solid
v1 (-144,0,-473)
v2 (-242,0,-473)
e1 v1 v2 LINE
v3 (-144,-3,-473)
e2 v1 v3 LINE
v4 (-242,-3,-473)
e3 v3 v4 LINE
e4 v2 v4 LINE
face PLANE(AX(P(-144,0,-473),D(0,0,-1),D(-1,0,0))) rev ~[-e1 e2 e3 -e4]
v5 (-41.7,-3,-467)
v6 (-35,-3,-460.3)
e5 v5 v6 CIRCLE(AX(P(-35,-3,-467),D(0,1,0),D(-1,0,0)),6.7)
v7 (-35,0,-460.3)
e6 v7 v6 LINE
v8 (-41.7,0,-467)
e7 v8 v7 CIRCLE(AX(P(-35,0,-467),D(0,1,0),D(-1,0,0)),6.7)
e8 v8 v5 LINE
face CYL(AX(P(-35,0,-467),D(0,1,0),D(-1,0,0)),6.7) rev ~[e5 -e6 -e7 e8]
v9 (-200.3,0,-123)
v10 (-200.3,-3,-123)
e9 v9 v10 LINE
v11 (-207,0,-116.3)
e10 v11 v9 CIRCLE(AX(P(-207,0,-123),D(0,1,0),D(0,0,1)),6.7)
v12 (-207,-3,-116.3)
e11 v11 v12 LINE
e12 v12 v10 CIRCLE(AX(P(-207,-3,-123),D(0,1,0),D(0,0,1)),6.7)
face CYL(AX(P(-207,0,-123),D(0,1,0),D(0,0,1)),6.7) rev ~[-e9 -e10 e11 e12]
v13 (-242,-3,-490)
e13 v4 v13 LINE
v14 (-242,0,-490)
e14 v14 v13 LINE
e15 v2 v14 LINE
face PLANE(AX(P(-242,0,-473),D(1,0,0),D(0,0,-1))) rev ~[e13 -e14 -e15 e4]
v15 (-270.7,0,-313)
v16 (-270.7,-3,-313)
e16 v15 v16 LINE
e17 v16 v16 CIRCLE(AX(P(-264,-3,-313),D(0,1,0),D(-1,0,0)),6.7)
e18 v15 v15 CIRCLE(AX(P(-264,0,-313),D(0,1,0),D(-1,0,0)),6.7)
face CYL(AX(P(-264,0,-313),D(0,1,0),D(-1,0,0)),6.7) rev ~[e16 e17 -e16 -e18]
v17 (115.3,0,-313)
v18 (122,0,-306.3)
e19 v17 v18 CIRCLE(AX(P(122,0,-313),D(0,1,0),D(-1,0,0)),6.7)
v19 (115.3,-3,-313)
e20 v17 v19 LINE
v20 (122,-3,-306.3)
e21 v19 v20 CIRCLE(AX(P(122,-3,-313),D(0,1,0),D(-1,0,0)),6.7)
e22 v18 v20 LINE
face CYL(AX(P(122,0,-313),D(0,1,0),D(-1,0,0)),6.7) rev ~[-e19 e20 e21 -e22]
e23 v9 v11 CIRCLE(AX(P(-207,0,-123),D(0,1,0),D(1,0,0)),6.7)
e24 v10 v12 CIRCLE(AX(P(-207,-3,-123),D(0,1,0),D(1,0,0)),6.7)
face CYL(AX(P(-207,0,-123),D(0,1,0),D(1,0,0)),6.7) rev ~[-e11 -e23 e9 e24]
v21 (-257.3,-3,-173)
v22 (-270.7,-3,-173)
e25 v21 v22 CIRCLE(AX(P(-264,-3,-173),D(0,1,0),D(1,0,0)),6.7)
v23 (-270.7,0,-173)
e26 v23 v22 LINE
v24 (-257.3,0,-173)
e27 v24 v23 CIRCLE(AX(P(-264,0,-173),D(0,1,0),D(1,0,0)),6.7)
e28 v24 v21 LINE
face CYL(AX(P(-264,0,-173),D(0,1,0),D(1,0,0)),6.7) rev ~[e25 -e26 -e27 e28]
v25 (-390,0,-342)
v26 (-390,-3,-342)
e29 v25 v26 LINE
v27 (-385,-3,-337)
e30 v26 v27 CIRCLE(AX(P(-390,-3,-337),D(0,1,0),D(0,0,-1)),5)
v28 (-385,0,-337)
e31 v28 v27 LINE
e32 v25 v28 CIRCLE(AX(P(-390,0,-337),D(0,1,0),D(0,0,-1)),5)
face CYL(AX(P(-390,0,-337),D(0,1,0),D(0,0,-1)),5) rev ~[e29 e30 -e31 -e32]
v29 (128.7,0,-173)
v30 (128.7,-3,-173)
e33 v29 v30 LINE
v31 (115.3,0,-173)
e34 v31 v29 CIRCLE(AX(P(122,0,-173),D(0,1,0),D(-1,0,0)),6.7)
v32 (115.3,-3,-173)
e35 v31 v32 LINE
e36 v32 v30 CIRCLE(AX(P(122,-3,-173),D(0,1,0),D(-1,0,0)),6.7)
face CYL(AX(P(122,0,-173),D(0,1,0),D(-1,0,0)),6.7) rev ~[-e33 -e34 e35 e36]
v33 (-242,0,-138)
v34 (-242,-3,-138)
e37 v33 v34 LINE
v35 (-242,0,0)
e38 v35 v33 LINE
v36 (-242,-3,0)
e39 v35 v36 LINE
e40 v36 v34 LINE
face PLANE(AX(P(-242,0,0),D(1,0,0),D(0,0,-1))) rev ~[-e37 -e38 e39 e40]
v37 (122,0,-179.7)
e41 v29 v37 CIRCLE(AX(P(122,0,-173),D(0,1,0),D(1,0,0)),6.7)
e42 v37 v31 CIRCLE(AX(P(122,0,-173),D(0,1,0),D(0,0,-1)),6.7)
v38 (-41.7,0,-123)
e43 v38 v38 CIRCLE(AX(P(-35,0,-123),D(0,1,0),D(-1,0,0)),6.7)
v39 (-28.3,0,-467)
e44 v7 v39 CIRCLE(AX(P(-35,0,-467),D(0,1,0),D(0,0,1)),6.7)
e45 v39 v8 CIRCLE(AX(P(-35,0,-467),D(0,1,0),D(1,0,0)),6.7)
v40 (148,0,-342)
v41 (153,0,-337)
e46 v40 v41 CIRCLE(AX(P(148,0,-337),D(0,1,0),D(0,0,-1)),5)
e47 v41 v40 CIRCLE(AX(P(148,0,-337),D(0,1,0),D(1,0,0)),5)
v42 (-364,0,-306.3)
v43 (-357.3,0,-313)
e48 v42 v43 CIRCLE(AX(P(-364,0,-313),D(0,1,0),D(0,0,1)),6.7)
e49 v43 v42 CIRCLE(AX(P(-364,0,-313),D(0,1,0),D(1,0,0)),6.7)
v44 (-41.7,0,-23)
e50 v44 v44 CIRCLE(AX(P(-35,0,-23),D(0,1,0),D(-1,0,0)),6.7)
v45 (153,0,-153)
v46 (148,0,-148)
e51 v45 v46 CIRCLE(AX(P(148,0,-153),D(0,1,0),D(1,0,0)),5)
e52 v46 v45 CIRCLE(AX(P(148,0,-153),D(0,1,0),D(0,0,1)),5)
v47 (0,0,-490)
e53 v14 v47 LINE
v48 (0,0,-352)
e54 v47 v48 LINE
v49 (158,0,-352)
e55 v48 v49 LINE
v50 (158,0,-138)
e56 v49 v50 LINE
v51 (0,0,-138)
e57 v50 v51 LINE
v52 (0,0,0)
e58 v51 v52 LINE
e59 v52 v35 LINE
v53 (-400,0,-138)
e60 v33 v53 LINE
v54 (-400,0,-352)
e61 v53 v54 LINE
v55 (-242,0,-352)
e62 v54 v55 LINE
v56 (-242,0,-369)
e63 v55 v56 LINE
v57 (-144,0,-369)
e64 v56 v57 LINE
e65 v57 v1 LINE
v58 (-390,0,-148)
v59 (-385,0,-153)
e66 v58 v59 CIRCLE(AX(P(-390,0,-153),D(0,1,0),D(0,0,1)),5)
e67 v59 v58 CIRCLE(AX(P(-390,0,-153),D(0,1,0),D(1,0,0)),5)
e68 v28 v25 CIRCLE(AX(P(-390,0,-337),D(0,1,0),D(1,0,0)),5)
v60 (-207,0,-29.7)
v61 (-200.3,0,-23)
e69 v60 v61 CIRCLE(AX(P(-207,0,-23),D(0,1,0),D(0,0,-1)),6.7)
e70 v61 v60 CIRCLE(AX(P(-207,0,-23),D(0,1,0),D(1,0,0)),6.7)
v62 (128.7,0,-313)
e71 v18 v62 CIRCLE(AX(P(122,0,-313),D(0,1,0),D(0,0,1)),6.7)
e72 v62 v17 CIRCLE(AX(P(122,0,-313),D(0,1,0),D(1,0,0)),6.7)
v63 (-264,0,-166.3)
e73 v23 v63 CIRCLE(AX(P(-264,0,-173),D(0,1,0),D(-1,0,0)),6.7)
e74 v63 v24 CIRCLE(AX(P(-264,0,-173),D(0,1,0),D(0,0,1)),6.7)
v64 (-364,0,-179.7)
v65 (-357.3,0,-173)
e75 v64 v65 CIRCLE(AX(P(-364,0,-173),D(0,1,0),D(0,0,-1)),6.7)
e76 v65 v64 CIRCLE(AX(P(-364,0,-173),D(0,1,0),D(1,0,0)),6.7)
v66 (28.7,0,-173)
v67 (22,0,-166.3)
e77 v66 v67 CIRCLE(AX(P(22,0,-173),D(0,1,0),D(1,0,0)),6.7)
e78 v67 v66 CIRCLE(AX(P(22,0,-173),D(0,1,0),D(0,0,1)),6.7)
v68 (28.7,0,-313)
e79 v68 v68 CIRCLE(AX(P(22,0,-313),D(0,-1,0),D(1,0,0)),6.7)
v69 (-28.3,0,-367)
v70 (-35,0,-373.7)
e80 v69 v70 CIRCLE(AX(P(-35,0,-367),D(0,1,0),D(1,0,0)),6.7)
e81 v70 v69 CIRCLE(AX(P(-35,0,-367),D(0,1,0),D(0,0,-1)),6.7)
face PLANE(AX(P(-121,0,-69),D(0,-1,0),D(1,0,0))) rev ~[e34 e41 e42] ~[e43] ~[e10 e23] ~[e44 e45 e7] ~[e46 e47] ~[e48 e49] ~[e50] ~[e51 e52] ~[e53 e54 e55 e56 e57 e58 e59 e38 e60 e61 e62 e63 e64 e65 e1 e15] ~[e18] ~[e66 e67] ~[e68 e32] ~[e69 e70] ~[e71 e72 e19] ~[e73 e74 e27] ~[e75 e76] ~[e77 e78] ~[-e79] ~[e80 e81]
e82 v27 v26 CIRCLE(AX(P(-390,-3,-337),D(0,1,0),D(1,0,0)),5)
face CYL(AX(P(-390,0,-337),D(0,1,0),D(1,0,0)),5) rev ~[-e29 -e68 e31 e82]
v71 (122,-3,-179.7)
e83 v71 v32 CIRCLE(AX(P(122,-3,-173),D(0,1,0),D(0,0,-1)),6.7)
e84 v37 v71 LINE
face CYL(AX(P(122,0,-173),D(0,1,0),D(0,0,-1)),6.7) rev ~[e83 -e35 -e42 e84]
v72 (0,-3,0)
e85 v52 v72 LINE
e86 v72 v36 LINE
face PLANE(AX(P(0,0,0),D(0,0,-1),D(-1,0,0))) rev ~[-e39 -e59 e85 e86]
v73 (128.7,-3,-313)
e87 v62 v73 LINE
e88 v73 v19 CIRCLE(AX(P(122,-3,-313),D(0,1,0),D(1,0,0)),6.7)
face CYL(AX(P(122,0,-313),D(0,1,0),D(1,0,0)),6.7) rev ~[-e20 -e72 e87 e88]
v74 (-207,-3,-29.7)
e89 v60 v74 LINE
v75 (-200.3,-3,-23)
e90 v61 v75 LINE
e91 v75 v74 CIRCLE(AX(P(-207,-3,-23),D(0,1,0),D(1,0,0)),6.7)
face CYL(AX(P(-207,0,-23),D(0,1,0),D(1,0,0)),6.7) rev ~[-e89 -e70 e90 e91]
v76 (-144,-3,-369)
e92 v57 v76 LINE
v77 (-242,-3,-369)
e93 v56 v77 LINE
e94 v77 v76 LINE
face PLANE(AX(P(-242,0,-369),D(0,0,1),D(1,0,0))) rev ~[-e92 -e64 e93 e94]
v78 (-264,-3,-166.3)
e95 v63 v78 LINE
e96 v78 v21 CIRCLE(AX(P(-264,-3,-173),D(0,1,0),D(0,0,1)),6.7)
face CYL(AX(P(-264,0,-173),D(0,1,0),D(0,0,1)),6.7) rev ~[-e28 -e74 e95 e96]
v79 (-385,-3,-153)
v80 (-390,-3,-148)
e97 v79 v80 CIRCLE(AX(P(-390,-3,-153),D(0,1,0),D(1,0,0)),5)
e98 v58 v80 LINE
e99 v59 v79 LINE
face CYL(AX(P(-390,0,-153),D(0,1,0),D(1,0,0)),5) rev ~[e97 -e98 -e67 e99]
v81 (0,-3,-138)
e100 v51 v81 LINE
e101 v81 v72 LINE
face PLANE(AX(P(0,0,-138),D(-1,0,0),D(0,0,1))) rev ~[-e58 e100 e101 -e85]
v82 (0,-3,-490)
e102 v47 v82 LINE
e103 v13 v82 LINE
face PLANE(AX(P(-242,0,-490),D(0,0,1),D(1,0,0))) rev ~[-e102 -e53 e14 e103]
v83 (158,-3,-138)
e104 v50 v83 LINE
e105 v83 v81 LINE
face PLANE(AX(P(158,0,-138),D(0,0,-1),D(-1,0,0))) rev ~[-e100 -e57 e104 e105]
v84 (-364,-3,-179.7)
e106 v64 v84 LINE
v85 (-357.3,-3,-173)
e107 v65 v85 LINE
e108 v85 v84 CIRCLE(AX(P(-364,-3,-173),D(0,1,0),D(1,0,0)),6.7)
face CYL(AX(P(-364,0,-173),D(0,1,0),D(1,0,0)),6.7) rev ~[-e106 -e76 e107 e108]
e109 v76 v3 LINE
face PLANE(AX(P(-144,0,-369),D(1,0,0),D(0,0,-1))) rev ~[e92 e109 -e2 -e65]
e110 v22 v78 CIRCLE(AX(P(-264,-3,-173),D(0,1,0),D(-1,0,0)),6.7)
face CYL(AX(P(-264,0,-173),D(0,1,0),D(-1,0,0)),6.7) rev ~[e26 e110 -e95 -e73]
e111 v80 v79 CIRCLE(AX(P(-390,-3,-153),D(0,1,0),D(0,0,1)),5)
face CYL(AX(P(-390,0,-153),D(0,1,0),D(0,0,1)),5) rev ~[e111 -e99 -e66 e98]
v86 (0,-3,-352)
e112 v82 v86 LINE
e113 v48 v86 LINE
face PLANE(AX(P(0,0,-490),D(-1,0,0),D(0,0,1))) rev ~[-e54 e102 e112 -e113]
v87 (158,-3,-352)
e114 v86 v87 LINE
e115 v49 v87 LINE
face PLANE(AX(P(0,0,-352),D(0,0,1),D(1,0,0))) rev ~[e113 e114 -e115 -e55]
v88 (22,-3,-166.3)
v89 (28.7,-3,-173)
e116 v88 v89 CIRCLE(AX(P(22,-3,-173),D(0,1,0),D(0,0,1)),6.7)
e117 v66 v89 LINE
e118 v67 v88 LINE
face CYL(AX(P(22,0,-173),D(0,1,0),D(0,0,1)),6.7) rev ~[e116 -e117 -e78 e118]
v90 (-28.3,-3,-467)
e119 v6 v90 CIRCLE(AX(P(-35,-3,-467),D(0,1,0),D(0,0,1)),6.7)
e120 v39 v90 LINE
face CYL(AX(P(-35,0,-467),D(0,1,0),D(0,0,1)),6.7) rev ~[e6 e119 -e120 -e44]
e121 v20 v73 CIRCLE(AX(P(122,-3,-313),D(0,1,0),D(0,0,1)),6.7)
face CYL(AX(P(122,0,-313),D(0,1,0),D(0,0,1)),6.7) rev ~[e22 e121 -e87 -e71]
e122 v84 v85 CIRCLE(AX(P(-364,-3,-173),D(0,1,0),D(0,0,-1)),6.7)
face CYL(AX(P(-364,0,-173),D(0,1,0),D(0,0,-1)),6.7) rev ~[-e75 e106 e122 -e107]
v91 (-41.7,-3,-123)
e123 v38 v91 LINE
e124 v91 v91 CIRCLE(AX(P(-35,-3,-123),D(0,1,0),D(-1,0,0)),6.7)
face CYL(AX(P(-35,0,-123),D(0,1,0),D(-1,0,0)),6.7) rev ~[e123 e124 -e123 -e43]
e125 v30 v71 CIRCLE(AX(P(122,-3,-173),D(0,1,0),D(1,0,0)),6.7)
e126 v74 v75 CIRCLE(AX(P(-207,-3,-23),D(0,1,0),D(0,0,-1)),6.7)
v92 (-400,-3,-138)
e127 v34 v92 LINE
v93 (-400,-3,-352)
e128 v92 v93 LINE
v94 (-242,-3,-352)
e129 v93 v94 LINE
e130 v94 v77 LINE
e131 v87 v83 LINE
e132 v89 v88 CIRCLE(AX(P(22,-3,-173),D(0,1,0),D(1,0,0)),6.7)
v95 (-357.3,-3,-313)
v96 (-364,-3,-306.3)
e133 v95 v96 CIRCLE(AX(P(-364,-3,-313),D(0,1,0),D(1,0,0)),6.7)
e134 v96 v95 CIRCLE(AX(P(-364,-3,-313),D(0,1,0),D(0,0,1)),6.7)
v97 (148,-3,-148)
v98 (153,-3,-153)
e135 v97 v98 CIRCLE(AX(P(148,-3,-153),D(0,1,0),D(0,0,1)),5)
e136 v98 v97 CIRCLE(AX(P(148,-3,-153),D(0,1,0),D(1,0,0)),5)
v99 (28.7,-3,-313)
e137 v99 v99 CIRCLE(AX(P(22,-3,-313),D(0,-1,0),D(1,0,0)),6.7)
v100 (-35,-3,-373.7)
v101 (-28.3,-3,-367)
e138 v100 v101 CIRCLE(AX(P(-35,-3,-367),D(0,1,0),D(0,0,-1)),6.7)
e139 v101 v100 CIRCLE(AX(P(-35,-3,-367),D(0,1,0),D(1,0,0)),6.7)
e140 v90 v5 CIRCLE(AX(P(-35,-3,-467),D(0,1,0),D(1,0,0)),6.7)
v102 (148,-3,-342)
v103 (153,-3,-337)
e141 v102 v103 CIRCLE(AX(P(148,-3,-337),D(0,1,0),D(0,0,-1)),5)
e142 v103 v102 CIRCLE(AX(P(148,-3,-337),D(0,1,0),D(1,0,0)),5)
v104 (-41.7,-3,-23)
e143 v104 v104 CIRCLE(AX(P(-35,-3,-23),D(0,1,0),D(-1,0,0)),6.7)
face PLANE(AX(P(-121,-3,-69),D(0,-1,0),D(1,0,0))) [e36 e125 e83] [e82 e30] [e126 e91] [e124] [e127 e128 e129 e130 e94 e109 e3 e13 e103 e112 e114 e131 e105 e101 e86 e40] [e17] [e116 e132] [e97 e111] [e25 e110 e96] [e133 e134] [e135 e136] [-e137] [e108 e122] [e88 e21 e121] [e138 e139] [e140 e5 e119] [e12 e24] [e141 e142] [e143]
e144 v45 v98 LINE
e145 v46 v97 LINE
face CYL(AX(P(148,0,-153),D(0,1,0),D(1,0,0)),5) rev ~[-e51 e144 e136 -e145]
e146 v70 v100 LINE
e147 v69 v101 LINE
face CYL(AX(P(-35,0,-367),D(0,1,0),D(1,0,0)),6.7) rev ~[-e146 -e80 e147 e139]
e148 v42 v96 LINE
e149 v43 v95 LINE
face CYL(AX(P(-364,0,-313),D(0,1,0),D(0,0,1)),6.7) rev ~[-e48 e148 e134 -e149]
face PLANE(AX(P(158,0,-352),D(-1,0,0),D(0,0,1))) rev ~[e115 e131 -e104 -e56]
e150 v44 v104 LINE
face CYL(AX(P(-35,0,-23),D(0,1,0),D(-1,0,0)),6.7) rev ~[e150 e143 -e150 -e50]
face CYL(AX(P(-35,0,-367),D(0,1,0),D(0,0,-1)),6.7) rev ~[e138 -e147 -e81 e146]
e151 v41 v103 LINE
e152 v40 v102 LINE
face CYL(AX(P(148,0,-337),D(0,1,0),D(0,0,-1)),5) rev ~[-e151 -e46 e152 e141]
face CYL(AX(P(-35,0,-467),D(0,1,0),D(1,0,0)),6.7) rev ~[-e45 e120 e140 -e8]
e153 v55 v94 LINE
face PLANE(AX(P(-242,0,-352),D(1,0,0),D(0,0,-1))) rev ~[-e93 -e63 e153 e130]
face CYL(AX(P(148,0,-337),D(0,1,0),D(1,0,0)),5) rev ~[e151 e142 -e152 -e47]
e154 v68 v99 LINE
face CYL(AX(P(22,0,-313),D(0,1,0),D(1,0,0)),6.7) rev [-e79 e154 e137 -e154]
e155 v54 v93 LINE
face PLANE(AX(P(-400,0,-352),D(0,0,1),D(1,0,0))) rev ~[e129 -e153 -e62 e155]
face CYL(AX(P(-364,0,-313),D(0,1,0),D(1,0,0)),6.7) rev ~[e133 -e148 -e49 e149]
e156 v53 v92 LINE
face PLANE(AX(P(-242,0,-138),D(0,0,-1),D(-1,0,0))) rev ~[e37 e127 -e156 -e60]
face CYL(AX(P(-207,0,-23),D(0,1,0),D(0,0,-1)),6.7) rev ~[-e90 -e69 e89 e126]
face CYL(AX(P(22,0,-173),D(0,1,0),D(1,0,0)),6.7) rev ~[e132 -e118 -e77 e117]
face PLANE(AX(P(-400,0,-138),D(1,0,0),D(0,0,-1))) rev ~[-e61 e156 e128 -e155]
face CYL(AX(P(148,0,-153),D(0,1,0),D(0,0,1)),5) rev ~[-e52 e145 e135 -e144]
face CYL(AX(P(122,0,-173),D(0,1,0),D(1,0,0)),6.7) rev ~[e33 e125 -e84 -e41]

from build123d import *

# Parameters (mm, degrees)
F0_W     = 242
F0_H     = 214
F0_R     = 6.7
F1_DEPTH = 3


with BuildPart() as f1:
    # F0 (on Front) → F1 (new body)
    with BuildSketch(Plane.XZ):
        Polygon((0, -138), (0, 0), (-121, 0), (-242, 0), (-242, -138), align=None)
        with BuildLine():
            ThreePointArc((-200.3, -123), (-211.7376154339, -127.7376154339), (-207, -116.3))
            ThreePointArc((-207, -116.3), (-202.2623845661, -118.2623845661), (-200.3, -123))
        make_face(mode=Mode.SUBTRACT)
        with BuildLine():
            ThreePointArc((-207, -29.7), (-211.7376154339, -18.2623845661), (-200.3, -23))
            ThreePointArc((-200.3, -23), (-202.2623845661, -27.7376154339), (-207, -29.7))
        make_face(mode=Mode.SUBTRACT)
        with BuildLine():
            ThreePointArc((-28.3, -123), (-35, -129.7), (-41.7, -123))
            ThreePointArc((-41.7, -123), (-35, -116.3), (-28.3, -123))
        make_face(mode=Mode.SUBTRACT)
        with BuildLine():
            ThreePointArc((-28.3, -23), (-35, -29.7), (-41.7, -23))
            ThreePointArc((-41.7, -23), (-35, -16.3), (-28.3, -23))
        make_face(mode=Mode.SUBTRACT)
        with Locations((-121, -245)):
            Rectangle(F0_W, F0_H)
        Polygon((22, -138), (0, -138), (0, -352), (138, -352), (138, -138), align=None)
        with Locations((22, -313)):
            Circle(F0_R, mode=Mode.SUBTRACT)
        with BuildLine():
            ThreePointArc((115.3, -313), (117.2623845661, -308.2623845661), (122, -306.3))
            ThreePointArc((122, -306.3), (126.7376154339, -308.2623845661), (128.7, -313))
            ThreePointArc((128.7, -313), (122, -319.7), (115.3, -313))
        make_face(mode=Mode.SUBTRACT)
        with BuildLine():
            ThreePointArc((28.7, -173), (17.2623845661, -177.7376154339), (22, -166.3))
            ThreePointArc((22, -166.3), (26.7376154339, -168.2623845661), (28.7, -173))
        make_face(mode=Mode.SUBTRACT)
        with BuildLine():
            ThreePointArc((122, -179.7), (117.2623845661, -177.7376154339), (115.3, -173))
            ThreePointArc((115.3, -173), (122, -166.3), (128.7, -173))
            ThreePointArc((128.7, -173), (126.7376154339, -177.7376154339), (122, -179.7))
        make_face(mode=Mode.SUBTRACT)
        Polygon((-242, -352), (-242, -138), (-264, -138), (-380, -138), (-380, -352), align=None)
        with BuildLine():
            ThreePointArc((-357.3, -313), (-368.7376154339, -317.7376154339), (-364, -306.3))
            ThreePointArc((-364, -306.3), (-359.2623845661, -308.2623845661), (-357.3, -313))
        make_face(mode=Mode.SUBTRACT)
        with BuildLine():
            ThreePointArc((-257.3, -313), (-264, -319.7), (-270.7, -313))
            ThreePointArc((-270.7, -313), (-264, -306.3), (-257.3, -313))
        make_face(mode=Mode.SUBTRACT)
        with BuildLine():
            ThreePointArc((-364, -179.7), (-368.7376154339, -168.2623845661), (-357.3, -173))
            ThreePointArc((-357.3, -173), (-359.2623845661, -177.7376154339), (-364, -179.7))
        make_face(mode=Mode.SUBTRACT)
        with BuildLine():
            ThreePointArc((-270.7, -173), (-268.7376154339, -168.2623845661), (-264, -166.3))
            ThreePointArc((-264, -166.3), (-259.2623845661, -168.2623845661), (-257.3, -173))
            ThreePointArc((-257.3, -173), (-264, -179.7), (-270.7, -173))
        make_face(mode=Mode.SUBTRACT)
        Polygon((0, -490), (0, -352), (-242, -352), (-242, -369), (-144, -369), (-144, -473), (-242, -473), (-242, -490), (-144, -490), (-121, -490), align=None)
        with BuildLine():
            ThreePointArc((-28.3, -467), (-35, -473.7), (-41.7, -467))
            ThreePointArc((-41.7, -467), (-39.7376154339, -462.2623845661), (-35, -460.3))
            ThreePointArc((-35, -460.3), (-30.2623845661, -462.2623845661), (-28.3, -467))
        make_face(mode=Mode.SUBTRACT)
        with BuildLine():
            ThreePointArc((-28.3, -367), (-30.2623845661, -371.7376154339), (-35, -373.7))
            ThreePointArc((-35, -373.7), (-39.7376154339, -362.2623845661), (-28.3, -367))
        make_face(mode=Mode.SUBTRACT)
        Polygon((138, -138), (138, -352), (148, -352), (158, -352), (158, -138), (148, -138), align=None)
        with BuildLine():
            ThreePointArc((153, -337), (151.5355339059, -340.5355339059), (148, -342))
            ThreePointArc((148, -342), (144.4644660941, -333.4644660941), (153, -337))
        make_face(mode=Mode.SUBTRACT)
        with BuildLine():
            ThreePointArc((153, -153), (144.4644660941, -156.5355339059), (148, -148))
            ThreePointArc((148, -148), (151.5355339059, -149.4644660941), (153, -153))
        make_face(mode=Mode.SUBTRACT)
        Polygon((-390, -352), (-380, -352), (-380, -138), (-390, -138), (-400, -138), (-400, -352), align=None)
        with BuildLine():
            ThreePointArc((-385, -337), (-386.4644660941, -340.5355339059), (-390, -342))
            ThreePointArc((-390, -342), (-393.5355339059, -333.4644660941), (-385, -337))
        make_face(mode=Mode.SUBTRACT)
        with BuildLine():
            ThreePointArc((-385, -153), (-393.5355339059, -156.5355339059), (-390, -148))
            ThreePointArc((-390, -148), (-386.4644660941, -149.4644660941), (-385, -153))
        make_face(mode=Mode.SUBTRACT)
    extrude(amount=F1_DEPTH)


solid = f1.part
